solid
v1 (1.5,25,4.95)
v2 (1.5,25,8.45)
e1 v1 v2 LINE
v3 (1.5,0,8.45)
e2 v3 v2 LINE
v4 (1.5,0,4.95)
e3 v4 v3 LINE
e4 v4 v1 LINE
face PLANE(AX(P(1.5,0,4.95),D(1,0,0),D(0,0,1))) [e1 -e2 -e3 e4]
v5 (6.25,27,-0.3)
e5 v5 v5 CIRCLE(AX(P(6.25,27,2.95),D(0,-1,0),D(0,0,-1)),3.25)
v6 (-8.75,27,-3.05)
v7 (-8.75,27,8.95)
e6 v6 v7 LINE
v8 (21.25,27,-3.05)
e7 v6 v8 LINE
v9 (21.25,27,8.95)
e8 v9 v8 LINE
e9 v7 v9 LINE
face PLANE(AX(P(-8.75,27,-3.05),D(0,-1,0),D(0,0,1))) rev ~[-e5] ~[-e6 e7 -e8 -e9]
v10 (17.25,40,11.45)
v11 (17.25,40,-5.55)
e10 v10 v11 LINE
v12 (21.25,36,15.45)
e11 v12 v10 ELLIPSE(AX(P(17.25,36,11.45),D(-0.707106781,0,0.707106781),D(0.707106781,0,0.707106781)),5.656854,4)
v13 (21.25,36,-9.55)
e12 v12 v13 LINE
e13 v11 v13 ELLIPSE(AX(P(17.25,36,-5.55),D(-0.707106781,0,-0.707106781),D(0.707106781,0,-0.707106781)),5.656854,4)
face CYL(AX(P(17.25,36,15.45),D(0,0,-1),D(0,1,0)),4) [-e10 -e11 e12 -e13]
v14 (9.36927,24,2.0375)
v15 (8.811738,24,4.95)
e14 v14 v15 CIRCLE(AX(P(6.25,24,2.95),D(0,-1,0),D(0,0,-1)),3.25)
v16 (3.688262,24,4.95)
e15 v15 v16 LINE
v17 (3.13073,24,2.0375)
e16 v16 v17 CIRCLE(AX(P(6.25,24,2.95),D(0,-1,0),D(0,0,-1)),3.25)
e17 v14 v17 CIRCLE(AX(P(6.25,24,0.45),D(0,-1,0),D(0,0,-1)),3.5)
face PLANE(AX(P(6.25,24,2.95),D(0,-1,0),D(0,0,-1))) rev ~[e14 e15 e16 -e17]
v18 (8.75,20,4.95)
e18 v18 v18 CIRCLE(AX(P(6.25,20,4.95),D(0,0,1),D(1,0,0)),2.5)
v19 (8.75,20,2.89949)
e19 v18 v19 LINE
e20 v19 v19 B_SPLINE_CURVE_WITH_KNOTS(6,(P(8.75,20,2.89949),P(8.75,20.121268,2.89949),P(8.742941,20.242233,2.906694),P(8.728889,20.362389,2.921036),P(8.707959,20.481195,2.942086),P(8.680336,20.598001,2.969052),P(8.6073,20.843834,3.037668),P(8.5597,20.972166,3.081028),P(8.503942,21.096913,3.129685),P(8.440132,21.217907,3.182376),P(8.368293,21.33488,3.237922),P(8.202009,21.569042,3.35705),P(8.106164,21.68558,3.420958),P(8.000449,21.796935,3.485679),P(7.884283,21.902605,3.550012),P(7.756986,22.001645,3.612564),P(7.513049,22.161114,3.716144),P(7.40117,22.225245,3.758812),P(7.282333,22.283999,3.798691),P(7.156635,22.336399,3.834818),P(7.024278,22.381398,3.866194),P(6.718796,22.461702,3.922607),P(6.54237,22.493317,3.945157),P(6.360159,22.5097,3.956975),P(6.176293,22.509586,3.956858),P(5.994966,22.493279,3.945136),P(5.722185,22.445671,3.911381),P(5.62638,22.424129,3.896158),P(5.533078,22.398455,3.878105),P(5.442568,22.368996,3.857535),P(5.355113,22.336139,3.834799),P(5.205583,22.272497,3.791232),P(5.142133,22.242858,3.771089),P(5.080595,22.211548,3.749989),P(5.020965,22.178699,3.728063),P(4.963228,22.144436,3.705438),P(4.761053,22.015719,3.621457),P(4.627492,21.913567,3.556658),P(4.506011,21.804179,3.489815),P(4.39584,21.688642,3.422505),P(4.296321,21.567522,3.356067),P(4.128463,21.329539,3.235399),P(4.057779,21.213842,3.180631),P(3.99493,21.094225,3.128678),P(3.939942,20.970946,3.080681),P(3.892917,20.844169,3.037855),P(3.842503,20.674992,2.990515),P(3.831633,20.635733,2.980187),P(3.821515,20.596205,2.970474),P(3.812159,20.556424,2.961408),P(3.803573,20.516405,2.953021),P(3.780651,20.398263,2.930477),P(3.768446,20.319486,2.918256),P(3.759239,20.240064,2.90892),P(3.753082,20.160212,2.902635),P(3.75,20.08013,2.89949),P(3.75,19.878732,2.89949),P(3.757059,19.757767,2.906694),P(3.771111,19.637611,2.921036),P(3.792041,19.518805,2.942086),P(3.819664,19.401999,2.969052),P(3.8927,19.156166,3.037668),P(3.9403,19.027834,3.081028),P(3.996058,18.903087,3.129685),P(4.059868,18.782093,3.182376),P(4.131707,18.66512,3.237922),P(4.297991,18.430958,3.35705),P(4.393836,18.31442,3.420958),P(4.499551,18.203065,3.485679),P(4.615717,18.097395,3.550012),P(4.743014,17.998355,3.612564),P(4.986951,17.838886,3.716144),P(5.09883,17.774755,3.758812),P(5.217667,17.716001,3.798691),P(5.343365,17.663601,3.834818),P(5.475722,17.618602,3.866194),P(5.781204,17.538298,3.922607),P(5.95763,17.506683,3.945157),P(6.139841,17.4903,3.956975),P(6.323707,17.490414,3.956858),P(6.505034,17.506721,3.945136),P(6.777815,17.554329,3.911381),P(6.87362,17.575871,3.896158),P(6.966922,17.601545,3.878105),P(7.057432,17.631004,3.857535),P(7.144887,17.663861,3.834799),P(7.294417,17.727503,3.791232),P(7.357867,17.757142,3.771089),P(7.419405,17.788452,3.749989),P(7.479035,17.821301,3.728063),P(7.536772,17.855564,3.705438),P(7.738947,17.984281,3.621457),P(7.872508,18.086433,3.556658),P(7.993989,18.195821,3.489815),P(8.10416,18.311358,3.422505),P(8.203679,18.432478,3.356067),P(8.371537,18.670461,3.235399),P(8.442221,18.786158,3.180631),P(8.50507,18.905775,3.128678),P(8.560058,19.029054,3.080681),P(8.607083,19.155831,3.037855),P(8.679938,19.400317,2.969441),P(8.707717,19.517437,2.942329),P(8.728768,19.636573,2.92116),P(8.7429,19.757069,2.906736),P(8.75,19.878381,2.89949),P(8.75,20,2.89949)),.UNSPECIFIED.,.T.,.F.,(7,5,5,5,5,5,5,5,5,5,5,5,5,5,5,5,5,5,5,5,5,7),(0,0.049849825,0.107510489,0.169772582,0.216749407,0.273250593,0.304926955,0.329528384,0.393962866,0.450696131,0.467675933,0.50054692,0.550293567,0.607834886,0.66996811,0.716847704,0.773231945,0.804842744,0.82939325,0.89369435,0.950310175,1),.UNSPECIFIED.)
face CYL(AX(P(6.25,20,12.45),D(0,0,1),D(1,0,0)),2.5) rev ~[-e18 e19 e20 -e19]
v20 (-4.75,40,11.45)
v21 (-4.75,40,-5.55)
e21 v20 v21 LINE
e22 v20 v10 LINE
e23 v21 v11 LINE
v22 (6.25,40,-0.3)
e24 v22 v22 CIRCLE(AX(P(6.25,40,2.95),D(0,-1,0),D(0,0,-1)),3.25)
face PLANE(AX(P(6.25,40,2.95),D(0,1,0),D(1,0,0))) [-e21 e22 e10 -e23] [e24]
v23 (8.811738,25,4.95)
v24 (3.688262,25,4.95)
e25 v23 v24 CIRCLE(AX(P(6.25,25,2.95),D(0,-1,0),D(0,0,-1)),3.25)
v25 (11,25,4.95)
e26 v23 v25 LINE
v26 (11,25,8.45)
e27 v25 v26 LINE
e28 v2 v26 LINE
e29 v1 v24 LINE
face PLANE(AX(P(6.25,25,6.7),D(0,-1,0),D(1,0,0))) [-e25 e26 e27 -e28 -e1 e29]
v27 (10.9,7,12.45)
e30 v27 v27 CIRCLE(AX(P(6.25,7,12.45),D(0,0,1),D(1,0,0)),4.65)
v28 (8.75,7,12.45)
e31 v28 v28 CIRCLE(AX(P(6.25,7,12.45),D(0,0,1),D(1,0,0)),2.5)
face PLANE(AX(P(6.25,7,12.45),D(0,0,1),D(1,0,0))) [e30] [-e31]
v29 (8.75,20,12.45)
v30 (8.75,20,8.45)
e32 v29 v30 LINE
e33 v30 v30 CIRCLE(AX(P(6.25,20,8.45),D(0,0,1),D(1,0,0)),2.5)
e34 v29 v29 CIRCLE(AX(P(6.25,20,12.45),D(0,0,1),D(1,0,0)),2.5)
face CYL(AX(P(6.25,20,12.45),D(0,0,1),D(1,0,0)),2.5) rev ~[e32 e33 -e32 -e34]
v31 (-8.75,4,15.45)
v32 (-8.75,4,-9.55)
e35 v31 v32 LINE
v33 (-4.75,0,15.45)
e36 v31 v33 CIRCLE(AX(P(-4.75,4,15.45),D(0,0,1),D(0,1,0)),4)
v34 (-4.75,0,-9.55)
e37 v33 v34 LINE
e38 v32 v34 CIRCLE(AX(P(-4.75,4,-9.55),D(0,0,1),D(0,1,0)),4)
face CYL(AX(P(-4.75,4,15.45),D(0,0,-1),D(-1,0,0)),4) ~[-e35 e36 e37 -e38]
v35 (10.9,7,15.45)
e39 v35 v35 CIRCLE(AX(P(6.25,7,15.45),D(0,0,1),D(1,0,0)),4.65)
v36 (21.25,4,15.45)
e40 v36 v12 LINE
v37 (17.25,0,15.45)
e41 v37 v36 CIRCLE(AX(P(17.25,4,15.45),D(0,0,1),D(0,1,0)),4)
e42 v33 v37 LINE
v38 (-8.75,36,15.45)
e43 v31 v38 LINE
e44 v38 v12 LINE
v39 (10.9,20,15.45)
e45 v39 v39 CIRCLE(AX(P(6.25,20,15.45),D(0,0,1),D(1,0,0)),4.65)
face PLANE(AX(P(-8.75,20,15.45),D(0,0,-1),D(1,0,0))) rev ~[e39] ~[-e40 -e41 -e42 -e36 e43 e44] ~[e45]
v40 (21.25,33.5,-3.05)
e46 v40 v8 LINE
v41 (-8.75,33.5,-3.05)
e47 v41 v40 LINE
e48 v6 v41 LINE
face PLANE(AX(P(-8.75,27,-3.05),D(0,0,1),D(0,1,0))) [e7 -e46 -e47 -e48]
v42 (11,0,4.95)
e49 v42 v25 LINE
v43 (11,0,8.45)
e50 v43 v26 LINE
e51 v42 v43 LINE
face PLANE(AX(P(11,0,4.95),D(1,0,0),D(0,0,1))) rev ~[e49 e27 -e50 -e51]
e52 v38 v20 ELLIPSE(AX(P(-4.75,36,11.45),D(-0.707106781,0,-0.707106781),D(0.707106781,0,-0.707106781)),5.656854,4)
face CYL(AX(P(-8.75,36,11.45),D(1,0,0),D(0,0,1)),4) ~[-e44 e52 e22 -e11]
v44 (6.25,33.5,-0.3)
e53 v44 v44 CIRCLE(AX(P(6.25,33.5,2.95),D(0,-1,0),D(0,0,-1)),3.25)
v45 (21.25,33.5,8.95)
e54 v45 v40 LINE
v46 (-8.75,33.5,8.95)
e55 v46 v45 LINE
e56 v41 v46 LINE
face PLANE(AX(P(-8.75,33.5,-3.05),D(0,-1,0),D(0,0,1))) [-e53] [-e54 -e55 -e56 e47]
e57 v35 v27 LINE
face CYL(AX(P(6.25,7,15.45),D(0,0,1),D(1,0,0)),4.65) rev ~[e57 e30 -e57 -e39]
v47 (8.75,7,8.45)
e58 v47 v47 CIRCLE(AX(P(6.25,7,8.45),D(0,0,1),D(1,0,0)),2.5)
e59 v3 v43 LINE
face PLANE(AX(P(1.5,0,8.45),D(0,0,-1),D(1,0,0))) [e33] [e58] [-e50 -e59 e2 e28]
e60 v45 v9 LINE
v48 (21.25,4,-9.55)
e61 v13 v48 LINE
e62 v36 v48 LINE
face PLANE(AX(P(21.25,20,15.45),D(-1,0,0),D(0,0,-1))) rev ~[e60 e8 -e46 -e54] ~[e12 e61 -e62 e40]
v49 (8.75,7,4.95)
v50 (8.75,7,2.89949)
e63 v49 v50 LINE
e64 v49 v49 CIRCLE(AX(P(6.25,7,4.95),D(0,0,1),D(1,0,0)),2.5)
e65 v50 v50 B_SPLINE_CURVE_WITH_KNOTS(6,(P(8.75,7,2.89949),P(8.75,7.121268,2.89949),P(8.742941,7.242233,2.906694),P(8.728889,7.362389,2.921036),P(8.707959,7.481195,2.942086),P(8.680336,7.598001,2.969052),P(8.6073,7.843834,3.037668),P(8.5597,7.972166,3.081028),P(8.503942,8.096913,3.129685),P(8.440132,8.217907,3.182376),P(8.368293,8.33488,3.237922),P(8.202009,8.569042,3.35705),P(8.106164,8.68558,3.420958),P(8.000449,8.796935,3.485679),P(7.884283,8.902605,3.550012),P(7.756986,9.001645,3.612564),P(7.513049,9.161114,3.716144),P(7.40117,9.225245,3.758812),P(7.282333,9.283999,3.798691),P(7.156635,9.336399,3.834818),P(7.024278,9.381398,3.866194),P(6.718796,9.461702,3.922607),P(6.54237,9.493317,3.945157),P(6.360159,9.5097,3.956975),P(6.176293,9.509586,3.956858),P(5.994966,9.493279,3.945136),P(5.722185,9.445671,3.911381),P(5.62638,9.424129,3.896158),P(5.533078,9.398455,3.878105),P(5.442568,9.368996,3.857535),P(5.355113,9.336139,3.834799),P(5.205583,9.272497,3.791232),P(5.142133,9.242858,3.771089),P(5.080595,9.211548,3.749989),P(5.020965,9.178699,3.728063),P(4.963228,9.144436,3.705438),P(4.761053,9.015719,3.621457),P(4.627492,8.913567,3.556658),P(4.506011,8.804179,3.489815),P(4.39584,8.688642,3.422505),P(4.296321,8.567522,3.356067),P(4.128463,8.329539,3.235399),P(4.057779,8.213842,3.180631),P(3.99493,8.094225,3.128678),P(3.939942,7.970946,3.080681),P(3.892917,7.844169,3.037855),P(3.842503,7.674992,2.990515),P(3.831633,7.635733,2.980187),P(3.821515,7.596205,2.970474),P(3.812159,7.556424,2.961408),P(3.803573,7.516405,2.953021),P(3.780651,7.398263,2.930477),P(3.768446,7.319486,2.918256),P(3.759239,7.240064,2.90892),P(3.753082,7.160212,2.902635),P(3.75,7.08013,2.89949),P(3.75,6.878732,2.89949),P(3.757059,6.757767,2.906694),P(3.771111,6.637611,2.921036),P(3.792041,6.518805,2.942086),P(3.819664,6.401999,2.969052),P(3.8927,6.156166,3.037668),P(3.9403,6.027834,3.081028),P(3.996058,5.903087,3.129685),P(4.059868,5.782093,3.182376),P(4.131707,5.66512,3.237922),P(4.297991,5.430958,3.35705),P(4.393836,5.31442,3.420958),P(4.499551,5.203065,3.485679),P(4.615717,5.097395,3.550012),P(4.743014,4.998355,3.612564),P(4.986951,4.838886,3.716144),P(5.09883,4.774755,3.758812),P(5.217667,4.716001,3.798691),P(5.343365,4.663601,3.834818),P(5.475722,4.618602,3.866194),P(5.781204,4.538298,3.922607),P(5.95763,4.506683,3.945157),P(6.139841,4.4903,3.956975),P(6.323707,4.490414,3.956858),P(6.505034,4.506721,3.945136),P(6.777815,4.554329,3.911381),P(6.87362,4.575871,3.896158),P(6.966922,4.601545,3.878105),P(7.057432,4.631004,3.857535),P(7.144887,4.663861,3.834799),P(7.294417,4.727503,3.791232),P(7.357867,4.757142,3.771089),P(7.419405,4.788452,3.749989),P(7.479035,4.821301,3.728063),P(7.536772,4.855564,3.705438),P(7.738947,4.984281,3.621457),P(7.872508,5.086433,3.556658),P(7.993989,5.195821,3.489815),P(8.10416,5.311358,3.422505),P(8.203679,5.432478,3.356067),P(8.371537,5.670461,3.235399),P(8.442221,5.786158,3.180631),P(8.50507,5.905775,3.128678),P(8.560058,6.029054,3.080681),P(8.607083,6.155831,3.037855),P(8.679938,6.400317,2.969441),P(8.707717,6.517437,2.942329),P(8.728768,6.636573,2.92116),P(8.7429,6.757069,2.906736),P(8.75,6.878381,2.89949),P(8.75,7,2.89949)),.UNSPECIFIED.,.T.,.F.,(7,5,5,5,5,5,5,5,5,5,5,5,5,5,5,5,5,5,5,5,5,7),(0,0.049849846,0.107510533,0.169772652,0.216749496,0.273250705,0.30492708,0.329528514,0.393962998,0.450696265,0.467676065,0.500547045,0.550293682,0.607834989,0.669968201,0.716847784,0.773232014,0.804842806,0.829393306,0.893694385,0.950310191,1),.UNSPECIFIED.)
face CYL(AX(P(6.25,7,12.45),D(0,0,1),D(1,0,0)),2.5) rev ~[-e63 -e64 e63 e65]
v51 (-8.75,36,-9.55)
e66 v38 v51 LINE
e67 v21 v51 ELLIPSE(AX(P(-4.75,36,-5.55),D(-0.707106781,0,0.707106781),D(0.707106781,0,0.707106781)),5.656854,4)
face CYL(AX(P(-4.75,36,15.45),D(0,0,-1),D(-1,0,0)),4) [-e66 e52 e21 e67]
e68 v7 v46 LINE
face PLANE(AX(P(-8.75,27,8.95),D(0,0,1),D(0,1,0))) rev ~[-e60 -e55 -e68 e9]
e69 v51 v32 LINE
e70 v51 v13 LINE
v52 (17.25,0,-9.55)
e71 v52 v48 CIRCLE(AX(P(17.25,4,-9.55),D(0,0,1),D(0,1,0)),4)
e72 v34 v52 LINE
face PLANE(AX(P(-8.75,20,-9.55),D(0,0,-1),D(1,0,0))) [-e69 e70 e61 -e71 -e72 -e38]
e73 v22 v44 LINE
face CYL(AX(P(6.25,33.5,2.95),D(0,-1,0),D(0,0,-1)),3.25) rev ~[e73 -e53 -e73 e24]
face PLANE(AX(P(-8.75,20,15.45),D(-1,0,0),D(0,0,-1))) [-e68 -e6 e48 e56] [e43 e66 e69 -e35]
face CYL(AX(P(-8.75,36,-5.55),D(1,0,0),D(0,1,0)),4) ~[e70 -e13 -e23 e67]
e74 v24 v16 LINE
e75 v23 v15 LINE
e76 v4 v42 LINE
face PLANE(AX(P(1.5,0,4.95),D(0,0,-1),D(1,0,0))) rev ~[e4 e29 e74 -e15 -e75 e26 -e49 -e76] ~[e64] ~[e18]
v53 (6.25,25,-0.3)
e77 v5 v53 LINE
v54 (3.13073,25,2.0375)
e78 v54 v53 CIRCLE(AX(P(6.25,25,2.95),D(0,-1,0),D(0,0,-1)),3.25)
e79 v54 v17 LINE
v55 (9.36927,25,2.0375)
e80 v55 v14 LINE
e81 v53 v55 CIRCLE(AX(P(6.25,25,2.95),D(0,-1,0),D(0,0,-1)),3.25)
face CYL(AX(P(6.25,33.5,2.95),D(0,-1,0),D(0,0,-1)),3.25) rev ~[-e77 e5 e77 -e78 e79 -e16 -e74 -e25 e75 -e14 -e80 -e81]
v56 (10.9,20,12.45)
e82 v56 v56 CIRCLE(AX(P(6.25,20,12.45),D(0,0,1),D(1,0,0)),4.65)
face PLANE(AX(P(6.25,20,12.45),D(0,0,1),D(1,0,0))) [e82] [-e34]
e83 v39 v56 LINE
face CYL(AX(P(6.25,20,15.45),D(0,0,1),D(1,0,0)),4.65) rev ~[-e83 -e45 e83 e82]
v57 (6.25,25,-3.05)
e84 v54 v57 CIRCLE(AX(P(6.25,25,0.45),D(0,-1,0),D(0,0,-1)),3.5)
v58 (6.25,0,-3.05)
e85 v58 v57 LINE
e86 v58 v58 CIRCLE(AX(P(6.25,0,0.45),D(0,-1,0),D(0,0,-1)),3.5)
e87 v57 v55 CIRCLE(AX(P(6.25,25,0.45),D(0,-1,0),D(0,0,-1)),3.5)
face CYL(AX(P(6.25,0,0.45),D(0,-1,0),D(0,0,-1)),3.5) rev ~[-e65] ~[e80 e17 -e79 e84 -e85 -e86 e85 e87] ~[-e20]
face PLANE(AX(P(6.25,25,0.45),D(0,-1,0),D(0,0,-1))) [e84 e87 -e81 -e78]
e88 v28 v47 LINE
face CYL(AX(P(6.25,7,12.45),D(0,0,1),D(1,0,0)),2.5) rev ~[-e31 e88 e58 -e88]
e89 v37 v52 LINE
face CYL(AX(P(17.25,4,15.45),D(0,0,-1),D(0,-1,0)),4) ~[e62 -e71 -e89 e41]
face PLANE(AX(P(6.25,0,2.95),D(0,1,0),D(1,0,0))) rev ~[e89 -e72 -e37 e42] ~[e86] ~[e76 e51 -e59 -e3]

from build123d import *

# Parameters (mm, degrees)
CROQUIS1_W                 = 30
CROQUIS1_H                 = 25
SALIENTE_EXTRUIR1_DEPTH    = 20
CROQUIS2_W                 = 30
CROQUIS2_H                 = 25
SALIENTE_EXTRUIR2_DEPTH    = 20
CORTAR_EXTRUIR1_REACH      = 54.333
CROQUIS3_W                 = 12
CROQUIS3_H                 = 6.5
CROQUIS5_R                 = 3.5
CROQUIS5_W                 = 9.5
CROQUIS5_H                 = 3.5
CORTAR_EXTRUIR3_DEPTH      = 25
CROQUIS6_R                 = 4.65
CORTAR_EXTRUIR4_DEPTH      = 3
CORTAR_EXTRUIR5_REACH      = 52.354
CORTAR_EXTRUIR5_END_RADIUS = 3.5
CROQUIS7_R                 = 2.5
REDONDEO4_R                = 4
CROQUIS8_R                 = 3.25
CORTAR_EXTRUIR6_DEPTH      = 9.5
REDONDEO5_R                = 4


with BuildPart() as part:
    # Croquis1 → Saliente-Extruir1 (new body)
    with BuildSketch(Plane(origin=(0, 0, 0), x_dir=(1, 0, 0), z_dir=(0, 1, 0))):
        with Locations((6.25, -2.95)):
            Rectangle(CROQUIS1_W, CROQUIS1_H)
    extrude(amount=SALIENTE_EXTRUIR1_DEPTH)

    # Croquis2 → Saliente-Extruir2 (add)
    with BuildSketch(Plane(origin=(0, 20, 0), x_dir=(1, 0, 0), z_dir=(0, 1, 0))):
        with Locations((6.25, -2.95)):
            Rectangle(CROQUIS2_W, CROQUIS2_H)
    extrude(amount=SALIENTE_EXTRUIR2_DEPTH)

    # Croquis3 → Cortar-Extruir1 (cut, up to next)
    with BuildSketch(Plane.ZY.offset(8.75), mode=Mode.PRIVATE) as cortar_extruir1_sk1:
        with Locations((2.95, 30.25)):
            Rectangle(CROQUIS3_W, CROQUIS3_H)
    cortar_extruir1_tool1 = extrude(cortar_extruir1_sk1.sketch, amount=-CORTAR_EXTRUIR1_REACH, mode=Mode.PRIVATE) & part.part
    add(cortar_extruir1_tool1.solids().sort_by_distance((-8.75, 30.25, 2.95))[0], mode=Mode.SUBTRACT)

    # Croquis5 → Cortar-Extruir3 (cut)
    with BuildSketch(Plane.XZ):
        with Locations(Location((6.25, 0.45, 0), (0, 0, 270))):
            Circle(CROQUIS5_R)
        with Locations((6.25, 6.7)):
            Rectangle(CROQUIS5_W, CROQUIS5_H)
    extrude(amount=-CORTAR_EXTRUIR3_DEPTH, mode=Mode.SUBTRACT)

    # Croquis6 → Cortar-Extruir4 (cut)
    with BuildSketch(Plane.XY.offset(15.45)):
        with Locations((6.25, 7)):
            Circle(CROQUIS6_R)
        with Locations((6.25, 20)):
            Circle(CROQUIS6_R)
    extrude(amount=-CORTAR_EXTRUIR4_DEPTH, mode=Mode.SUBTRACT)

    # Cortar-Extruir5: up to this cylinder (the profile starts outside it)
    cortar_extruir5_end = Plane(origin=(6.25, 13.5, 0.45), z_dir=(0, -1, 0)) * Cylinder(CORTAR_EXTRUIR5_END_RADIUS, 125.708, mode=Mode.PRIVATE)
    # Croquis7 → Cortar-Extruir5 (cut, up to the surface)
    with BuildSketch(Plane.XY.offset(12.45), mode=Mode.PRIVATE) as cortar_extruir5_sk1:
        with Locations((6.25, 20)):
            Circle(CROQUIS7_R)
    cortar_extruir5_tool1 = extrude(cortar_extruir5_sk1.sketch, amount=-CORTAR_EXTRUIR5_REACH, mode=Mode.PRIVATE) - cortar_extruir5_end
    add(cortar_extruir5_tool1.solids().sort_by_distance((6.25, 20, 12.45))[0], mode=Mode.SUBTRACT)
    # Croquis7 → Cortar-Extruir5 (cut, up to the surface)
    with BuildSketch(Plane.XY.offset(12.45), mode=Mode.PRIVATE) as cortar_extruir5_sk2:
        with Locations((6.25, 7)):
            Circle(CROQUIS7_R)
    cortar_extruir5_tool2 = extrude(cortar_extruir5_sk2.sketch, amount=-CORTAR_EXTRUIR5_REACH, mode=Mode.PRIVATE) - cortar_extruir5_end
    add(cortar_extruir5_tool2.solids().sort_by_distance((6.25, 7, 12.45))[0], mode=Mode.SUBTRACT)

    # Redondeo4
    redondeo4_edges = [part.edges().sort_by_distance(p)[0] for p in [
        (21.25, 0, 2.95),
        (-8.75, 0, 2.95),
    ]]
    fillet(redondeo4_edges, radius=REDONDEO4_R)

    # Croquis8 → Cortar-Extruir6 (cut, symmetric)
    with BuildSketch(Plane.XZ.offset(-33.5)):
        with Locations(Location((6.25, 2.95, 0), (0, 0, 270))):
            Circle(CROQUIS8_R)
    extrude(amount=CORTAR_EXTRUIR6_DEPTH, both=True, mode=Mode.SUBTRACT)

    # Redondeo5
    redondeo5_edges = [part.edges().sort_by_distance(p)[0] for p in [
        (6.25, 40, 15.45),
        (21.25, 40, 2.95),
        (6.25, 40, -9.55),
        (-8.75, 40, 2.95),
    ]]
    fillet(redondeo5_edges, radius=REDONDEO5_R)


solid = part.part
